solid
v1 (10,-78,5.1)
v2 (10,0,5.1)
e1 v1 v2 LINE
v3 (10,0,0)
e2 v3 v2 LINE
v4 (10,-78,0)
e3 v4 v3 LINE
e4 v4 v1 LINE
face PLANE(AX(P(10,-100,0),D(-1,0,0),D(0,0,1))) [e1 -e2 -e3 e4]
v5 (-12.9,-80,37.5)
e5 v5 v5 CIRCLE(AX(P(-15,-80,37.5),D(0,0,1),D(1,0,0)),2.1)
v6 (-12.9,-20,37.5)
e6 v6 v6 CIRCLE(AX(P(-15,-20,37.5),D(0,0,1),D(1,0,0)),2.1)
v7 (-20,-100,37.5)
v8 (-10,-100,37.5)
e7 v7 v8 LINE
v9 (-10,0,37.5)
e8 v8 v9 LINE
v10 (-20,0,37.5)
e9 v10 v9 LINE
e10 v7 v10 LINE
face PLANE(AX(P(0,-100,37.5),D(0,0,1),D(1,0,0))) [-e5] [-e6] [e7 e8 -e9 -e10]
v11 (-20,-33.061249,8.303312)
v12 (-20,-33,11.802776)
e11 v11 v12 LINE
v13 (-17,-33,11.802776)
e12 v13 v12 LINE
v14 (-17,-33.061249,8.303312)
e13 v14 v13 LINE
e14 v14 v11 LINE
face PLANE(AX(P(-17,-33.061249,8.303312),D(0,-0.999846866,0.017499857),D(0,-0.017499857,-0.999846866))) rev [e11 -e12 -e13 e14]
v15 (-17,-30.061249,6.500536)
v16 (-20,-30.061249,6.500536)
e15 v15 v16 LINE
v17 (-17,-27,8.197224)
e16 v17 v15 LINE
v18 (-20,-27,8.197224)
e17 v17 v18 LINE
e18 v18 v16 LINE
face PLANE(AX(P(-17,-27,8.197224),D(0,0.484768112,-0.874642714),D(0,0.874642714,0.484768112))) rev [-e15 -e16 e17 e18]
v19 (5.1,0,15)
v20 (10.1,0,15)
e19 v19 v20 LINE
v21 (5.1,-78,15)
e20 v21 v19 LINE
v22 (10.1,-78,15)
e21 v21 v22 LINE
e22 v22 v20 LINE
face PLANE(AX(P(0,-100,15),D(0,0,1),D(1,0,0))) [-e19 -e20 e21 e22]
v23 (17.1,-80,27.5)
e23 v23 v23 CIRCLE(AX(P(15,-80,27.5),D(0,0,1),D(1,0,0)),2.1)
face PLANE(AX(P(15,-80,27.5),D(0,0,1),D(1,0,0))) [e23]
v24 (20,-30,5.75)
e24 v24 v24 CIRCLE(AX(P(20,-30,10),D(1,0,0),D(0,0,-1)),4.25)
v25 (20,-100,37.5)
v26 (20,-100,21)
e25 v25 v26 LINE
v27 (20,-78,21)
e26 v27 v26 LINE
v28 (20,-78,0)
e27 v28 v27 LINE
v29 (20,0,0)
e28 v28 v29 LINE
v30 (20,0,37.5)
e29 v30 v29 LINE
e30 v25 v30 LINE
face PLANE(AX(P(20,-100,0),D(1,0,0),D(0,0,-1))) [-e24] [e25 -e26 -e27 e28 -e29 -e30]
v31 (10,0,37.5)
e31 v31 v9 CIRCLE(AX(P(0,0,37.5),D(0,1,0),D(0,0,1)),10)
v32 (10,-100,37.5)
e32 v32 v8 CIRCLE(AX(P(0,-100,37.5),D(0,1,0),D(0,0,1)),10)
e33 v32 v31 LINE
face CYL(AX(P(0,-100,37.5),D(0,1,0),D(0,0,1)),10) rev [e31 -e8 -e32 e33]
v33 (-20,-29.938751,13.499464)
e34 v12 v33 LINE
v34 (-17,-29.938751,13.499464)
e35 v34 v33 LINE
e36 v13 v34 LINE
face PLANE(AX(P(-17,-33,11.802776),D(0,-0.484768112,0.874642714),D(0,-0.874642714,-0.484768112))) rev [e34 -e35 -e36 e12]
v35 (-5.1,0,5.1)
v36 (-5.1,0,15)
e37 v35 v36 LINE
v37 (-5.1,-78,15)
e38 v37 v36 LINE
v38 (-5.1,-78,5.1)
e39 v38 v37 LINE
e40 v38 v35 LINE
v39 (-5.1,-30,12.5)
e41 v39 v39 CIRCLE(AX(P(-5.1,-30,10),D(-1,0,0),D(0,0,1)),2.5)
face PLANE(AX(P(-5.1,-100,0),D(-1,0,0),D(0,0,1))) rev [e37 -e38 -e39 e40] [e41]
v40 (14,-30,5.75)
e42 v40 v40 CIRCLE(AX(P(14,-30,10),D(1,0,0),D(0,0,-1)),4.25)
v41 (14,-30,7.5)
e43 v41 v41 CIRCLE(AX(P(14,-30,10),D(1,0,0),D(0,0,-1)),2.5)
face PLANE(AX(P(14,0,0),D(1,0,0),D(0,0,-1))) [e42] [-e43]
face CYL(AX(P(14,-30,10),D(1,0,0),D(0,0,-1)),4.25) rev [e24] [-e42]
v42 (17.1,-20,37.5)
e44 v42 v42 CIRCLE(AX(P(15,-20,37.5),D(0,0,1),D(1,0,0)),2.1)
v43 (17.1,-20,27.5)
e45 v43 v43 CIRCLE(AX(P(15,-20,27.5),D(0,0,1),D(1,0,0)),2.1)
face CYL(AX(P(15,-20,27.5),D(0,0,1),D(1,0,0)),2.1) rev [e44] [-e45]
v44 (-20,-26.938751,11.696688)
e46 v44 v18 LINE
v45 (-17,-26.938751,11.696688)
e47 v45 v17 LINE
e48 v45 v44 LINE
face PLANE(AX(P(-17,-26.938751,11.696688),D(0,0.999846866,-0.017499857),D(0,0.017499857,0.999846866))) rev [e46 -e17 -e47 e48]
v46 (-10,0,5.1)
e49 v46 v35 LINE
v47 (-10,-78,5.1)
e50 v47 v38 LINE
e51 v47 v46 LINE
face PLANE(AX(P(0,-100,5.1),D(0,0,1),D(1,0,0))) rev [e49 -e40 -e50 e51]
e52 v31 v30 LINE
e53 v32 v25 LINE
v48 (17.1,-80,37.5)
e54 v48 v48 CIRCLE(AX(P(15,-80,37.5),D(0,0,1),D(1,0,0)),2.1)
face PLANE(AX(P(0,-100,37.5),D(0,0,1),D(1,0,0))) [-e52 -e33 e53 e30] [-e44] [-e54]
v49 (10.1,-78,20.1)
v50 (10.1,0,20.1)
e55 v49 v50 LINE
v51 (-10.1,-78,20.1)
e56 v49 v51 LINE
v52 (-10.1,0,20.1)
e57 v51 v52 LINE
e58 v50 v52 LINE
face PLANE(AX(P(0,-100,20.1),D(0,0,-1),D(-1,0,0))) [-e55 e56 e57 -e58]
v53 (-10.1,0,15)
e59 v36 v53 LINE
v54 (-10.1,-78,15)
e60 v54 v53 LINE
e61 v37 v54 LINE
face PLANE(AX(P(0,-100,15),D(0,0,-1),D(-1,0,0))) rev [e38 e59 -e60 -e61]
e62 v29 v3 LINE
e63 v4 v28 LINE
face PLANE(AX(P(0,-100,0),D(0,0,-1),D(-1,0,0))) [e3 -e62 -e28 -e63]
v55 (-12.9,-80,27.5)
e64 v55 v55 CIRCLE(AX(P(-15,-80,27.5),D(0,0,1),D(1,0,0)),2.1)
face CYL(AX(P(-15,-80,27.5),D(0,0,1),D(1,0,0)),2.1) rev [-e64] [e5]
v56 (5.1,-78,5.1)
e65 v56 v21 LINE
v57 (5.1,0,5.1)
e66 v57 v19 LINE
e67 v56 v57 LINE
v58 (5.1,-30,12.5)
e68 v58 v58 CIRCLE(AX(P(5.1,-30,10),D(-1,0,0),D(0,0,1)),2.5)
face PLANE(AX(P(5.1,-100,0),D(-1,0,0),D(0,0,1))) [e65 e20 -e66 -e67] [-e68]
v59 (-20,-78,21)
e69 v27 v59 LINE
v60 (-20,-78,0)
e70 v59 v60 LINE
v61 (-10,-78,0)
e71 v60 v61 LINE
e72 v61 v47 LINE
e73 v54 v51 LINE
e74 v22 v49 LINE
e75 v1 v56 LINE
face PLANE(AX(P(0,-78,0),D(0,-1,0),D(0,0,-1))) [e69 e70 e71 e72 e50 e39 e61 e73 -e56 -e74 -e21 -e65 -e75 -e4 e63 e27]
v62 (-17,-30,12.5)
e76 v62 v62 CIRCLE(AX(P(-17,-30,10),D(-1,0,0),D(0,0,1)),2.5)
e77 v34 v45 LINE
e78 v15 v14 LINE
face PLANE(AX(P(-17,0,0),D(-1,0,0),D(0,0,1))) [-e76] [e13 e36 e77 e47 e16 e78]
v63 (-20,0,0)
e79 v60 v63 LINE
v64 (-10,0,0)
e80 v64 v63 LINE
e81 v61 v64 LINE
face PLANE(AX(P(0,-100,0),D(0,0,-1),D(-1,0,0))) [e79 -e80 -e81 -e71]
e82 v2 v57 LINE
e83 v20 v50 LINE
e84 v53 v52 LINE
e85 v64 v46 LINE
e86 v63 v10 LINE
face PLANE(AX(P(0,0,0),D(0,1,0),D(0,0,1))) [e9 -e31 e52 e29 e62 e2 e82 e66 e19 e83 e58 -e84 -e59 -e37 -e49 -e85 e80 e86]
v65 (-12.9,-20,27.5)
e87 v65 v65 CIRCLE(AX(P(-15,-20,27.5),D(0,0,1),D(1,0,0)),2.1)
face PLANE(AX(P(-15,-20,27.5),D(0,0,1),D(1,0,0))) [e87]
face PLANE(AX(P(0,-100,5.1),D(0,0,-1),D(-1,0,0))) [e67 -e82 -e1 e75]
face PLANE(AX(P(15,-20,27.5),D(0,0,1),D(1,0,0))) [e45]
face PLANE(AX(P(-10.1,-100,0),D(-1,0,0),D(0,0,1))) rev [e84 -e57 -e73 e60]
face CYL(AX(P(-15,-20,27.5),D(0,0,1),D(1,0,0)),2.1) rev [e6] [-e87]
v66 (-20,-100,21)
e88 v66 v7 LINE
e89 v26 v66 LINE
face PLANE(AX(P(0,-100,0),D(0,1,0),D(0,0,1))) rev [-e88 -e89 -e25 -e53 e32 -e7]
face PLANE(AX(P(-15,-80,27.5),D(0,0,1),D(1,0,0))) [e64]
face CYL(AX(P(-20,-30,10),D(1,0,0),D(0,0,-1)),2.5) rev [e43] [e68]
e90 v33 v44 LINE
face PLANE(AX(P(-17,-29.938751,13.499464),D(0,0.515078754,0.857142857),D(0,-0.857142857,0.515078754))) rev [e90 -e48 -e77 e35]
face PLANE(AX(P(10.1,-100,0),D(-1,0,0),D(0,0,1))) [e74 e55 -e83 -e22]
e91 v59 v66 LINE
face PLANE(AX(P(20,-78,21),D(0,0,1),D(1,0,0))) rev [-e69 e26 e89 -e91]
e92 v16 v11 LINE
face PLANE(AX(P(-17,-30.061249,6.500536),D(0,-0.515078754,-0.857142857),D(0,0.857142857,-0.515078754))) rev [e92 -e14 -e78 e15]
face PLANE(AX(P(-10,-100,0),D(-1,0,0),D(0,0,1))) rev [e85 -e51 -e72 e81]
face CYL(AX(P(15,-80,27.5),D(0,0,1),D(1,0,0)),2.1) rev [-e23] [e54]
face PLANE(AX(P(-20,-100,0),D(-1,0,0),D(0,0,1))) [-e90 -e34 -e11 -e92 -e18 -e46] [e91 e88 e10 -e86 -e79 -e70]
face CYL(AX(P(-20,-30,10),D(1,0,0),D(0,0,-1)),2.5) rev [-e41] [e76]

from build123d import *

# Parameters (mm, degrees)
BOSS_EXTRUDE1_DEPTH = 100
SKETCH5_W           = 40
SKETCH5_H           = 21
CUT_EXTRUDE5_DEPTH  = 22
SKETCH3_3_R         = 2.5
CUT_EXTRUDE3_DEPTH  = 115.04494728
SKETCH3_R           = 4.25
SKETCH3_R_2         = 2.5
CUT_EXTRUDE4_DEPTH  = 6
SKETCH7_R           = 2.1
CUT_EXTRUDE7_DEPTH  = 10
CUT_EXTRUDE8_START  = -3
SKETCH10_R          = 2.5
CUT_EXTRUDE8_DEPTH  = 3


with BuildPart() as part:
    # Sketch1 → Boss-Extrude1 (new body)
    with BuildSketch(Plane(origin=(0, 0, 0), x_dir=(1, 0, 0), z_dir=(0, 1, 0))):
        with BuildLine():
            Line((-10, -5.1), (-10, 0))
            Line((-10, 0), (-20, 0))
            Line((-20, 0), (-20, -37.5))
            Line((-20, -37.5), (-10, -37.5))
            ThreePointArc((-10, -37.5), (0, -27.5), (10, -37.5))
            Line((10, -37.5), (20, -37.5))
            Line((20, -37.5), (20, 0))
            Line((20, 0), (10, 0))
            Line((10, 0), (10, -5.1))
            Line((10, -5.1), (5.1, -5.1))
            Line((5.1, -5.1), (5.1, -15))
            Line((5.1, -15), (10.1, -15))
            Line((10.1, -15), (10.1, -20.1))
            Line((10.1, -20.1), (-10.1, -20.1))
            Line((-10.1, -20.1), (-10.1, -15))
            Line((-10.1, -15), (-5.1, -15))
            Line((-5.1, -15), (-5.1, -5.1))
            Line((-5.1, -5.1), (-10, -5.1))
        make_face()
    extrude(amount=-BOSS_EXTRUDE1_DEPTH)

    # Sketch5 → Cut-Extrude5 (cut)
    with BuildSketch(Plane.XZ.offset(100)):
        with Locations((0, 10.5)):
            Rectangle(SKETCH5_W, SKETCH5_H)
    extrude(amount=-CUT_EXTRUDE5_DEPTH, mode=Mode.SUBTRACT)

    # Sketch3<3> → Cut-Extrude3 (cut, through all)
    with BuildSketch(Plane(origin=(20, 0, 0), x_dir=(0, 0, -1), z_dir=(1, 0, 0))):
        with Locations((-10, -30)):
            Circle(SKETCH3_3_R)
    extrude(amount=-CUT_EXTRUDE3_DEPTH, mode=Mode.SUBTRACT)

    # Sketch3 → Cut-Extrude4 (cut)
    with BuildSketch(Plane(origin=(20, 0, 0), x_dir=(0, 0, -1), z_dir=(1, 0, 0))):
        with Locations((-10, -30)):
            Circle(SKETCH3_R)
        with Locations((-10, -30)):
            Circle(SKETCH3_R_2, mode=Mode.SUBTRACT)
    extrude(amount=-CUT_EXTRUDE4_DEPTH, mode=Mode.SUBTRACT)

    # Sketch7 → Cut-Extrude7 (cut)
    with BuildSketch(Plane.XY.offset(37.5)):
        with Locations((-15, -80)):
            Circle(SKETCH7_R)
        with Locations((15, -80)):
            Circle(SKETCH7_R)
        with Locations((-15, -20)):
            Circle(SKETCH7_R)
        with Locations((15, -20)):
            Circle(SKETCH7_R)
    extrude(amount=-CUT_EXTRUDE7_DEPTH, mode=Mode.SUBTRACT)

    # Sketch10 → Cut-Extrude8 (cut)
    with BuildSketch(Plane.ZY.offset(20).offset(CUT_EXTRUDE8_START)):
        Polygon((13.49946403, -29.9387505), (11.696688392, -26.9387505), (8.197224362, -27), (6.50053597, -30.0612495), (8.303311608, -33.0612495), (11.802775638, -33), align=None)
        with Locations((10, -30)):
            Circle(SKETCH10_R, mode=Mode.SUBTRACT)
    extrude(amount=CUT_EXTRUDE8_DEPTH, mode=Mode.SUBTRACT)


solid = part.part
